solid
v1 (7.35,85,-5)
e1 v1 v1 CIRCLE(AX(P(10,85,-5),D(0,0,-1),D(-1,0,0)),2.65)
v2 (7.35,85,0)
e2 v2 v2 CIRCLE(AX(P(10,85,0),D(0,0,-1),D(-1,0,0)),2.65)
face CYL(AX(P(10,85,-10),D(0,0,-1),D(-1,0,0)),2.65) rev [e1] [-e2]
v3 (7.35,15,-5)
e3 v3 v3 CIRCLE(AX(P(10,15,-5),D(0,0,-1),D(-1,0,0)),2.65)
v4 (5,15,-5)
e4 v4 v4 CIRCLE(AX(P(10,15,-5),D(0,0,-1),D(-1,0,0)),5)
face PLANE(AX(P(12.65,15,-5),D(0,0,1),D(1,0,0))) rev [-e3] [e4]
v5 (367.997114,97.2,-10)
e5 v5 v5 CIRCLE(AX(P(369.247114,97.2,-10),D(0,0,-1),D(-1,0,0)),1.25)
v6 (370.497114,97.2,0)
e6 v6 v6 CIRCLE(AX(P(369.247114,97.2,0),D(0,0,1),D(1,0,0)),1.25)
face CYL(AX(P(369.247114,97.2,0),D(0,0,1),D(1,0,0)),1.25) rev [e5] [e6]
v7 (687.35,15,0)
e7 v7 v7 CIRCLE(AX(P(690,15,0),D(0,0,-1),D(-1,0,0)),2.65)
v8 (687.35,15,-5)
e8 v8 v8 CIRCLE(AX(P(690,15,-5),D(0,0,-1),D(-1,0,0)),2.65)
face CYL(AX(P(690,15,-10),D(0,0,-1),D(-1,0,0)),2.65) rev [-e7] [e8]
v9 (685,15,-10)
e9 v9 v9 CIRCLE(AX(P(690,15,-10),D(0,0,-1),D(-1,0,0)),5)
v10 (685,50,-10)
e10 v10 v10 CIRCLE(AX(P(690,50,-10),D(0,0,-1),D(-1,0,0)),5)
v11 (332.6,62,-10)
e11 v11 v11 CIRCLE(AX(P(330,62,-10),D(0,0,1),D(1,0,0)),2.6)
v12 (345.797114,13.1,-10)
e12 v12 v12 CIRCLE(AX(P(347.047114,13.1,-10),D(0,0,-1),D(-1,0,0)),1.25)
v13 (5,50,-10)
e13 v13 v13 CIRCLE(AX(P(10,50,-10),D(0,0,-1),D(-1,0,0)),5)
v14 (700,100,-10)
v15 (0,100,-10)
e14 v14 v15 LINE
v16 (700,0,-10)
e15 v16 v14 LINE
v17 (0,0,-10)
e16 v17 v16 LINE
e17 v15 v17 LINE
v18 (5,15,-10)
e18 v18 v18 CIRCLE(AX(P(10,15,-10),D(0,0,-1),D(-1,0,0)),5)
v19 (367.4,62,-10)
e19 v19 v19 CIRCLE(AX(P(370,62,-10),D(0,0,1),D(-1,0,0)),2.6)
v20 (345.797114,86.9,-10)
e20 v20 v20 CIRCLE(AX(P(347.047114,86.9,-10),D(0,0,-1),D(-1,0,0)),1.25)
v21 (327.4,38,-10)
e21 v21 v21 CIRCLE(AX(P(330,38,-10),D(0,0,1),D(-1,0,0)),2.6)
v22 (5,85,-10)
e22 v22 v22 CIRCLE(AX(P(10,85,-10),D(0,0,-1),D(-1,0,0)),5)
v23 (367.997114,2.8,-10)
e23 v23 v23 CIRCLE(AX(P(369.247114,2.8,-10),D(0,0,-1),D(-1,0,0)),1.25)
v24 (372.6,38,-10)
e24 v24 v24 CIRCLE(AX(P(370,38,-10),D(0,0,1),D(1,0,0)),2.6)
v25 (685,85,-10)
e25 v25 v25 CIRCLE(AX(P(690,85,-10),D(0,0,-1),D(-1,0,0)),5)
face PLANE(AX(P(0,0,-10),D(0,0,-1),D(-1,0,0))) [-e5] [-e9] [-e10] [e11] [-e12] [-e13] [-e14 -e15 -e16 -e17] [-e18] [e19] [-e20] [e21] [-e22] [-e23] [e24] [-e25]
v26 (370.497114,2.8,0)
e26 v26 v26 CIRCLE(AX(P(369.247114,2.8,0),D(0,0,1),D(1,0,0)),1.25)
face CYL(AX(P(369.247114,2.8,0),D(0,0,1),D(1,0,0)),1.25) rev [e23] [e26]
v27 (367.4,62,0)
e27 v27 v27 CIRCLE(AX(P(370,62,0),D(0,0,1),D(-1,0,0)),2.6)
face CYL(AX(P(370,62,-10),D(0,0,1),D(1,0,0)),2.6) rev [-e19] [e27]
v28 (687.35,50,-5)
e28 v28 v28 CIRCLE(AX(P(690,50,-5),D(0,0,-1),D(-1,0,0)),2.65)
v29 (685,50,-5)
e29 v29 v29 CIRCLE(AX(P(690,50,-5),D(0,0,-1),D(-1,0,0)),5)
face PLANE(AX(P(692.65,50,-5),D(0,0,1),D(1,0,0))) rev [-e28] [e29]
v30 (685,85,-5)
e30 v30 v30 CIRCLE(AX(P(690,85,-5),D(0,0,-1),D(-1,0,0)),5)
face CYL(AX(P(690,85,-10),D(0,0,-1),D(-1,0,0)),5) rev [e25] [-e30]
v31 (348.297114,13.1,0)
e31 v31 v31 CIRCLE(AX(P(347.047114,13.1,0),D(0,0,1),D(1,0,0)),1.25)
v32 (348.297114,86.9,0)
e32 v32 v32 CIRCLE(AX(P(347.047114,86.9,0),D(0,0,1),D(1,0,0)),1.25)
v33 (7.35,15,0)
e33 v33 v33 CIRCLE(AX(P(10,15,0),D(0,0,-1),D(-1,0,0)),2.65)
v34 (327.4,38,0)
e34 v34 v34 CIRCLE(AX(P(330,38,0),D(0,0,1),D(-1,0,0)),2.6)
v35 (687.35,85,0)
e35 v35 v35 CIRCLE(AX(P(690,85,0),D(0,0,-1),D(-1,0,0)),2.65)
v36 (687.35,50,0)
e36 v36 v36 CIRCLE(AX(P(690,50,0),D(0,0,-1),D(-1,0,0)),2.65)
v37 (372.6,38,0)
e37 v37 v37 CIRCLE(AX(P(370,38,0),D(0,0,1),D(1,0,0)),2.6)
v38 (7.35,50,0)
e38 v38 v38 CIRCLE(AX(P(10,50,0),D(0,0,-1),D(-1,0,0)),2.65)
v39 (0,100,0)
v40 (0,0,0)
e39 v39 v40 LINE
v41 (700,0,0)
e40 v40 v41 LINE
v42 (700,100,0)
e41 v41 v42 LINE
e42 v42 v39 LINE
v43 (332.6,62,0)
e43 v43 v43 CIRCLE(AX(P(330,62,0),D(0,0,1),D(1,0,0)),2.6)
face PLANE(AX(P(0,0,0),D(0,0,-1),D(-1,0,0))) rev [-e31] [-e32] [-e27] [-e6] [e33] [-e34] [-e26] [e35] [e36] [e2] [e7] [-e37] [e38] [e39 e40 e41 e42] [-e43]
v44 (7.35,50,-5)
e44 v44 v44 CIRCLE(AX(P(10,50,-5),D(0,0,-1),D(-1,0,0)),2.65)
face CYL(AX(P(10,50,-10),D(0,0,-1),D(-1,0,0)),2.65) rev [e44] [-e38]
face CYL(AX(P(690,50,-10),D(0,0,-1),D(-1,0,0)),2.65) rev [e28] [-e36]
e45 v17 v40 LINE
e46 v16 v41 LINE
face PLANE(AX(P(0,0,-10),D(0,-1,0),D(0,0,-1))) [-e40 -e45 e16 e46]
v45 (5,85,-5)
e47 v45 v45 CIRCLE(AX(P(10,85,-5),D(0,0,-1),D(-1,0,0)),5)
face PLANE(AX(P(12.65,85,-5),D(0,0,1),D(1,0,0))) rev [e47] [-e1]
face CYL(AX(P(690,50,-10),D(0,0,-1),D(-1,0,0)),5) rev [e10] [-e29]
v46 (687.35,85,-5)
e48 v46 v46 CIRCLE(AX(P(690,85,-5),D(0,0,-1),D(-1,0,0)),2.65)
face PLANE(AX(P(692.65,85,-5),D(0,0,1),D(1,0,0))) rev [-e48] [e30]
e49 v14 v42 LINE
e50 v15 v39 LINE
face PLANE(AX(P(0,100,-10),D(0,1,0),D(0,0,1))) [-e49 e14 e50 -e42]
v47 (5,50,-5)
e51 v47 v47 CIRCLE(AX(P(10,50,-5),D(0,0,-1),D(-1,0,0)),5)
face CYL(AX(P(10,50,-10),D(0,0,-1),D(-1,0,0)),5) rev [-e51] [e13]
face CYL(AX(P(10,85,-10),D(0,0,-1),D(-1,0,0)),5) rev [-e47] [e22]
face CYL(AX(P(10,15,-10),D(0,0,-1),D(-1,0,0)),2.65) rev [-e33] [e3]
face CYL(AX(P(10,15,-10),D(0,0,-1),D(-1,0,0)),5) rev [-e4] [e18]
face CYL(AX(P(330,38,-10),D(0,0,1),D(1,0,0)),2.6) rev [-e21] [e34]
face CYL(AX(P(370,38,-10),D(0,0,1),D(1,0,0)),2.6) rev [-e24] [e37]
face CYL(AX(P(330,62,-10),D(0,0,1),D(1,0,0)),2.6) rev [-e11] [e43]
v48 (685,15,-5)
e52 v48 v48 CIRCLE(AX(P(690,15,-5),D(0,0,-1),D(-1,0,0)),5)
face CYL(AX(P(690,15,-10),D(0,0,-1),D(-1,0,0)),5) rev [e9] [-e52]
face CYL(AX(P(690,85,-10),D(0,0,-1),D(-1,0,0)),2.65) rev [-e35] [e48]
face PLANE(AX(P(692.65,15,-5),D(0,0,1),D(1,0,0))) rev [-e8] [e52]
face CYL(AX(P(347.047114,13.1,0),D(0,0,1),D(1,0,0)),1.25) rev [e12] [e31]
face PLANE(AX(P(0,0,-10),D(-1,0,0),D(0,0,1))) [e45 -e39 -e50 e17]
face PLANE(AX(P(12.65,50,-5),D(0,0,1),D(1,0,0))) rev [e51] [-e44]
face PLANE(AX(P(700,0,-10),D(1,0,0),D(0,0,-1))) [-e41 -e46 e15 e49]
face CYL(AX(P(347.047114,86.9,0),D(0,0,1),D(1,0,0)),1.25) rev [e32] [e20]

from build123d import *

# Parameters (mm, degrees)
SCHIZZO1_W                     = 700
SCHIZZO1_H                     = 100
ESTRUSIONE_ESTRUSIONE1_DEPTH   = 10
SCHIZZO2_R                     = 2.6
TAGLIO_ESTRUSIONE1_DEPTH       = 708.177488329
M3_TAPPED_HOLE1_D              = 2.5
M3_TAPPED_HOLE1_DEPTH          = 11.5
M3_TAPPED_HOLE1_TIP            = 0.751075774
CBORE_FOR_M5_SHCS1_D           = 5.3
CBORE_FOR_M5_SHCS1_CBORE_D     = 10
CBORE_FOR_M5_SHCS1_CBORE_DEPTH = 5


with BuildPart() as part:
    # Schizzo1 → Estrusione-Estrusione1 (new body)
    with BuildSketch(Plane.XY):
        with Locations((350, 50)):
            Rectangle(SCHIZZO1_W, SCHIZZO1_H)
    extrude(amount=-ESTRUSIONE_ESTRUSIONE1_DEPTH)

    # Schizzo2 → Taglio-Estrusione1 (cut, through all)
    with BuildSketch(Plane.XY):
        with Locations((330, 62)):
            Circle(SCHIZZO2_R)
        with Locations(Location((370, 62, 0), (0, 0, 180))):
            Circle(SCHIZZO2_R)
        with Locations((370, 38)):
            Circle(SCHIZZO2_R)
        with Locations(Location((330, 38, 0), (0, 0, 180))):
            Circle(SCHIZZO2_R)
    extrude(amount=-TAGLIO_ESTRUSIONE1_DEPTH, mode=Mode.SUBTRACT)

    # M3 Tapped Hole1
    with Locations(Plane(origin=(369.247113875, 97.2, 0), x_dir=(1, 0, 0), z_dir=(0, 0, 1))):
        with Locations((0, 0), (-22.2, -10.3), (-22.2, -84.1), (0, -94.4)):
            Hole(M3_TAPPED_HOLE1_D / 2, depth=M3_TAPPED_HOLE1_DEPTH)
            with Locations((0, 0, -(M3_TAPPED_HOLE1_DEPTH + M3_TAPPED_HOLE1_TIP / 2))):  # 118° drill point
                Cone(0, M3_TAPPED_HOLE1_D / 2, M3_TAPPED_HOLE1_TIP, mode=Mode.SUBTRACT)

    # CBORE for M5 SHCS1 (through all)
    with Locations(Plane(origin=(0, 0, -10), x_dir=(1, 0, 0), z_dir=(0, 0, -1))):
        with Locations((10, -85), (10, -50), (10, -15), (690, -85), (690, -50), (690, -15)):
            CounterBoreHole(CBORE_FOR_M5_SHCS1_D / 2, CBORE_FOR_M5_SHCS1_CBORE_D / 2, CBORE_FOR_M5_SHCS1_CBORE_DEPTH)


solid = part.part
